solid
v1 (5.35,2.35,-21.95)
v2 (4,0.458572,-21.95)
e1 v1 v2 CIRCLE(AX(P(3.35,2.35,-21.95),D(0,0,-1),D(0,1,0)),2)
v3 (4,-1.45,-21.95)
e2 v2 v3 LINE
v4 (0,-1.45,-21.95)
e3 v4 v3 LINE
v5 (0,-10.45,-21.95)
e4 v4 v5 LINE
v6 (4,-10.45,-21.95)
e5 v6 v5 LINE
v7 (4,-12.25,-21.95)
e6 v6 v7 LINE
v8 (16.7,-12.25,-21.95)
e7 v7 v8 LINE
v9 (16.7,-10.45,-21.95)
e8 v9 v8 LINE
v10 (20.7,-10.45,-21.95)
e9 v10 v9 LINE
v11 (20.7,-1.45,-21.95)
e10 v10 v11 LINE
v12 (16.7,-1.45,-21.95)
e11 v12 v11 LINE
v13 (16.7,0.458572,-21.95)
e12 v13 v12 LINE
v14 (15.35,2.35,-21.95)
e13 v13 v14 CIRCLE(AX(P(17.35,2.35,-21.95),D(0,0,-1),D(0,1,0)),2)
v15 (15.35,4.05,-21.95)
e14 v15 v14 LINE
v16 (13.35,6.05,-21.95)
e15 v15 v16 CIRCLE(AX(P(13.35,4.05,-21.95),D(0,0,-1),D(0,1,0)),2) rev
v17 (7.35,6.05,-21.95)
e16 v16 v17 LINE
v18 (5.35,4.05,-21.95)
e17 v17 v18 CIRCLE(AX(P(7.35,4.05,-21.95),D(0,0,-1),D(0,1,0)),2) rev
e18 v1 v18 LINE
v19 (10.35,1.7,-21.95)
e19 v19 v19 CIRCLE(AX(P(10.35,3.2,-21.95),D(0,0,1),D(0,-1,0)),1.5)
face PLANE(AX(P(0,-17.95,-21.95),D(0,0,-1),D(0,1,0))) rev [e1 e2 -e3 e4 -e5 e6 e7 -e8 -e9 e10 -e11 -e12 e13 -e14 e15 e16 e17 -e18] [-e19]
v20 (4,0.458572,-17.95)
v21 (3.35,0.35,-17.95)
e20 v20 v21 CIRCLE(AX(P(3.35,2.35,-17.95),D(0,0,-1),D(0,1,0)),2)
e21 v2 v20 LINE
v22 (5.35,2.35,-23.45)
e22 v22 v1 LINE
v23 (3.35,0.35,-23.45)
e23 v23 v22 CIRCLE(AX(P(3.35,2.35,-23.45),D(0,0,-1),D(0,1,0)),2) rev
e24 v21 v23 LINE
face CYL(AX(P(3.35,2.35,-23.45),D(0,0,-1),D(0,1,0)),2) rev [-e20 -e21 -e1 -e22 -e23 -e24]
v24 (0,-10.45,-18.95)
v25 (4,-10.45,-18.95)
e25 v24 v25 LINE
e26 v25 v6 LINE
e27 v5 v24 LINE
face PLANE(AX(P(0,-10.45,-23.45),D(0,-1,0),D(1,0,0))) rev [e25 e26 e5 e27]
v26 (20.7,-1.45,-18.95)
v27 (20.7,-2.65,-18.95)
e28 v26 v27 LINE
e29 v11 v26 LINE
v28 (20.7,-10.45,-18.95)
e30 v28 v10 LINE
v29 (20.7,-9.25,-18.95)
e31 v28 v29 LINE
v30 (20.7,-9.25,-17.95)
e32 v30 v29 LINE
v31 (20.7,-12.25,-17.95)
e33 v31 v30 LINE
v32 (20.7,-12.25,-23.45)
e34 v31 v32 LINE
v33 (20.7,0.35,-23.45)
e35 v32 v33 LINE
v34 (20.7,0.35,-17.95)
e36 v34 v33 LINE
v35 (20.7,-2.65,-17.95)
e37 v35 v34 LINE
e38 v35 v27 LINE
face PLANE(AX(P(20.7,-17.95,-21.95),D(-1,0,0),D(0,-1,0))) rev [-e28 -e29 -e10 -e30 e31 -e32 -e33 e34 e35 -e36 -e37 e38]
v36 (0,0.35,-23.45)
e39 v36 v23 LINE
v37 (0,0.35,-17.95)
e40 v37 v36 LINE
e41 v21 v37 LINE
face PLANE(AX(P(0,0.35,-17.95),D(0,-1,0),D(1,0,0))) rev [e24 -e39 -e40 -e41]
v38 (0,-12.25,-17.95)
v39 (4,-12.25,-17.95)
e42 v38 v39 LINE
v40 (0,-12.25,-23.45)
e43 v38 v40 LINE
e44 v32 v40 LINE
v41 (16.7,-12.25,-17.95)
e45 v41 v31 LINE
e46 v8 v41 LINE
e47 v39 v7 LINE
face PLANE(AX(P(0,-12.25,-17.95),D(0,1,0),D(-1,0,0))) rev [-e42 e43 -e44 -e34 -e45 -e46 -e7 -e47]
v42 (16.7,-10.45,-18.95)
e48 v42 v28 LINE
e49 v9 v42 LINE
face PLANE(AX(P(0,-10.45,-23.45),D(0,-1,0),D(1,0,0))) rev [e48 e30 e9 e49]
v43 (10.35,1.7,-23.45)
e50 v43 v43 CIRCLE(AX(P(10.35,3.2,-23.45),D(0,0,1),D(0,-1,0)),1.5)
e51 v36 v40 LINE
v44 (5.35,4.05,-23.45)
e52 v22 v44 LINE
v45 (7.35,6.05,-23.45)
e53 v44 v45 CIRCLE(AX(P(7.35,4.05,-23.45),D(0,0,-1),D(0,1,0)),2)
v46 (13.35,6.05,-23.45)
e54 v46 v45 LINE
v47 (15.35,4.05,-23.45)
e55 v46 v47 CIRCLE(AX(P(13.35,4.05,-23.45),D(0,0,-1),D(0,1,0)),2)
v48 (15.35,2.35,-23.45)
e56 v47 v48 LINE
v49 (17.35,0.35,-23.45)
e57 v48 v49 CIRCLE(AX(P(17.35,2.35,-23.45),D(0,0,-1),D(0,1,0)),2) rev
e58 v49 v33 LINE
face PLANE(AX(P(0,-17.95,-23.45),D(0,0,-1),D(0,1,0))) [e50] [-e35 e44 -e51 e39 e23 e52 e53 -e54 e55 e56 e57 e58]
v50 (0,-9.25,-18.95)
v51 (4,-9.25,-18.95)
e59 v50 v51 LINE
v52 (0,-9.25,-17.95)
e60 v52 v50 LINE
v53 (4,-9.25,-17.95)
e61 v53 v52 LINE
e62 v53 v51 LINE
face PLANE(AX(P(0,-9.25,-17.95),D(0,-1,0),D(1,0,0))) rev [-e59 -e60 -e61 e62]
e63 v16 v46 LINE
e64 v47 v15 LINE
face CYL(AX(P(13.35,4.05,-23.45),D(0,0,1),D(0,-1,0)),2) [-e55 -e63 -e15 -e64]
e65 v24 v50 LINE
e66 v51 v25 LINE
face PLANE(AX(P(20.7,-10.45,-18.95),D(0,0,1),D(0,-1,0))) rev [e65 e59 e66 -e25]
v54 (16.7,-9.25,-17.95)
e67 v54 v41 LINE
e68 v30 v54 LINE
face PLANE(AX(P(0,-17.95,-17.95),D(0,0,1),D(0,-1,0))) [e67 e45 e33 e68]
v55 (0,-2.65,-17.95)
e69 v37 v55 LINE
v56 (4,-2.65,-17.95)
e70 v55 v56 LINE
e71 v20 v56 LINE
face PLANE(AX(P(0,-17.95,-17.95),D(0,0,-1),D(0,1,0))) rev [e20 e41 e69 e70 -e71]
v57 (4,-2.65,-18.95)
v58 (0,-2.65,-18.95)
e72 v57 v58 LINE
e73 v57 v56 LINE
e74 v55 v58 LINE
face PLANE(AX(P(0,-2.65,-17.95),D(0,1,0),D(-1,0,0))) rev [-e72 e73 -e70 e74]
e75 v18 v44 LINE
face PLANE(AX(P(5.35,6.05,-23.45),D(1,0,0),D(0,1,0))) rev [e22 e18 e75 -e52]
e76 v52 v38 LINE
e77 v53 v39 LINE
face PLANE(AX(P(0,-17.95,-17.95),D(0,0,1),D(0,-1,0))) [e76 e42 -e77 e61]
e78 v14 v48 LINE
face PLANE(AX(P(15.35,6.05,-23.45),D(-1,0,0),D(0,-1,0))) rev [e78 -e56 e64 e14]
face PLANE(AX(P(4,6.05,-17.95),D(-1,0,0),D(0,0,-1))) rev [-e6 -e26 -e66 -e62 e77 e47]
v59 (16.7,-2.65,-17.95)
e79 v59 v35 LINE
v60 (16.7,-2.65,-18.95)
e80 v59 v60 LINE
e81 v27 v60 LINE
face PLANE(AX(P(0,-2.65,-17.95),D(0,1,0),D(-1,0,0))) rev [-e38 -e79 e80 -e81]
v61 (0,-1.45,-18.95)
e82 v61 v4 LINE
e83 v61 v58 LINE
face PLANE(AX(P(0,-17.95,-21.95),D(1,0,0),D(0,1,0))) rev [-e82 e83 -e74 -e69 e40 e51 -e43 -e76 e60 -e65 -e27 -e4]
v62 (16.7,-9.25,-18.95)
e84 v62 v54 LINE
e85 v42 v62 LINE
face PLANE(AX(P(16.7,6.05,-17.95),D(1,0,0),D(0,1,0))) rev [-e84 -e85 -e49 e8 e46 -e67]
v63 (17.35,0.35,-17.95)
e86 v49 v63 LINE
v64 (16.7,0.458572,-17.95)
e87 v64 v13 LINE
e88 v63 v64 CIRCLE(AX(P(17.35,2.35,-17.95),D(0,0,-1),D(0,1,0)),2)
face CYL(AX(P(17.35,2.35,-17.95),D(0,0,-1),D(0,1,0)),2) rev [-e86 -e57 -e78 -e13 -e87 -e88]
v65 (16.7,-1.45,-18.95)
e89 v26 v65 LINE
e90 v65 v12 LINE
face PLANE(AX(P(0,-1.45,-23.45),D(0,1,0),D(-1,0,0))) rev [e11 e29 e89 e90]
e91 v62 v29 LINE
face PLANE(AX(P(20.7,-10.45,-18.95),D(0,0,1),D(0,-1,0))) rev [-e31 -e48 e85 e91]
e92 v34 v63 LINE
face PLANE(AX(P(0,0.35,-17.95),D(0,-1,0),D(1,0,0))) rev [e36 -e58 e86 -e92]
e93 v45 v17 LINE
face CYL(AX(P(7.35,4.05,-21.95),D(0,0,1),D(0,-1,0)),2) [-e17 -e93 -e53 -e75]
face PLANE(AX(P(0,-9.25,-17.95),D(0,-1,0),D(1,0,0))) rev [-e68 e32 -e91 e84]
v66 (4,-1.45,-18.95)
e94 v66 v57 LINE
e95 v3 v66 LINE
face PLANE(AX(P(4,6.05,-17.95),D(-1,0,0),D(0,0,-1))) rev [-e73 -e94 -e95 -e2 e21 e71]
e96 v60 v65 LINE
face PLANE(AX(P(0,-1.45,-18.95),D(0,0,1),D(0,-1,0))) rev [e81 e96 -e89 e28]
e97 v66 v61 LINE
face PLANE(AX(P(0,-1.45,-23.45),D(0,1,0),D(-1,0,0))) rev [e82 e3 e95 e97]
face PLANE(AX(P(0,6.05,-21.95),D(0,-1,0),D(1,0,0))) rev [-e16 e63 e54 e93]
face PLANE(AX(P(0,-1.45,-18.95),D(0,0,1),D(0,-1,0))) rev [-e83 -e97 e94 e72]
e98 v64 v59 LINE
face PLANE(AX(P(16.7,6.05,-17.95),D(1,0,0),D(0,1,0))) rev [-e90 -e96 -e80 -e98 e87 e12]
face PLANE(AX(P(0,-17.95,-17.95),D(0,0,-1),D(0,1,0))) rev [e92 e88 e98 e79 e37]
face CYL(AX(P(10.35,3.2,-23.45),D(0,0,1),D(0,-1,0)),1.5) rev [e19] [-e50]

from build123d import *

# Parameters (mm, degrees)
SKETCH1_W             = 20.7
SKETCH1_H             = 24
BOSS_EXTRUDE1_DEPTH   = 1.5
SKETCH2_W             = 20.7
SKETCH2_H             = 3
BOSS_EXTRUDE2_DEPTH   = 4
SKETCH3_W             = 20.7
SKETCH3_H             = 3
CUT_EXTRUDE1_DEPTH    = 1.2
SKETCH4_W             = 20.7
SKETCH4_H             = 3
CUT_EXTRUDE2_DEPTH    = 1.2
SKETCH5_R             = 1.5
CUT_EXTRUDE3_DEPTH    = 32.945109172
SKETCH7_W             = 20.7
SKETCH7_H             = 5.7
CUT_EXTRUDE4_DEPTH    = 33.167374776
SKETCH8_W             = 12.7
SKETCH8_H             = 4
CUT_EXTRUDE5_DEPTH    = 29.171439438
SKETCH9_W             = 5.35
SKETCH9_H             = 5.7
CUT_EXTRUDE6_DEPTH    = 32.945109172
FILLET1_R             = 2
BODY_MOVE_COPY1_ANGLE = 90


with BuildPart() as part:
    # Sketch1 → Boss-Extrude1 (new body)
    with BuildSketch(Plane(origin=(0, 0, 0), x_dir=(1, 0, 0), z_dir=(0, 1, 0))):
        with Locations((10.35, 12)):
            Rectangle(SKETCH1_W, SKETCH1_H)
    extrude(amount=BOSS_EXTRUDE1_DEPTH)

    # Sketch2 → Boss-Extrude2 (add)
    with BuildSketch(Plane(origin=(0, 1.5, 0), x_dir=(1, 0, 0), z_dir=(0, 1, 0))):
        with Locations((10.35, 16.8)):
            Rectangle(SKETCH2_W, SKETCH2_H)
        with Locations((10.35, 7.2)):
            Rectangle(SKETCH2_W, SKETCH2_H)
    extrude(amount=BOSS_EXTRUDE2_DEPTH)

    # Sketch3 → Cut-Extrude1 (cut)
    with BuildSketch(Plane.XY.offset(-15.3)):
        with Locations((10.35, 3)):
            Rectangle(SKETCH3_W, SKETCH3_H)
    extrude(amount=-CUT_EXTRUDE1_DEPTH, mode=Mode.SUBTRACT)

    # Sketch4 → Cut-Extrude2 (cut)
    with BuildSketch(Plane(origin=(0, 0, -8.7), x_dir=(-1, 0, 0), z_dir=(0, 0, -1))):
        with Locations((-10.35, 3)):
            Rectangle(SKETCH4_W, SKETCH4_H)
    extrude(amount=-CUT_EXTRUDE2_DEPTH, mode=Mode.SUBTRACT)

    # Sketch5 → Cut-Extrude3 (cut, through all)
    with BuildSketch(Plane(origin=(0, 1.5, 0), x_dir=(1, 0, 0), z_dir=(0, 1, 0))):
        with Locations(Location((10.35, 21.15, 0), (0, 0, 270))):
            Circle(SKETCH5_R)
        with Locations(Location((10.35, 2.85, 0), (0, 0, 270))):
            Circle(SKETCH5_R)
    extrude(amount=-CUT_EXTRUDE3_DEPTH, mode=Mode.SUBTRACT)

    # Sketch7 → Cut-Extrude4 (cut, through all)
    with BuildSketch(Plane(origin=(0, 0, 0), x_dir=(1, 0, 0), z_dir=(0, 1, 0))):
        with Locations((10.35, 2.85)):
            Rectangle(SKETCH7_W, SKETCH7_H)
    extrude(amount=CUT_EXTRUDE4_DEPTH, mode=Mode.SUBTRACT)

    # Sketch8 → Cut-Extrude5 (cut, through all)
    with BuildSketch(Plane.XY.offset(-5.7)):
        with Locations((10.35, 3.5)):
            Rectangle(SKETCH8_W, SKETCH8_H)
    extrude(amount=-CUT_EXTRUDE5_DEPTH, mode=Mode.SUBTRACT)

    # Sketch9 → Cut-Extrude6 (cut, through all)
    with BuildSketch(Plane(origin=(0, 1.5, 0), x_dir=(1, 0, 0), z_dir=(0, 1, 0))):
        with Locations((2.675, 21.15)):
            Rectangle(SKETCH9_W, SKETCH9_H)
        with Locations((18.025, 21.15)):
            Rectangle(SKETCH9_W, SKETCH9_H)
    extrude(amount=-CUT_EXTRUDE6_DEPTH, mode=Mode.SUBTRACT)

    # Fillet1
    fillet1_edges = [part.edges().sort_by_distance(p)[0] for p in [
        (5.35, 0.75, -18.3),
        (5.35, 0.75, -24),
        (15.35, 0.75, -24),
        (15.35, 0.75, -18.3),
    ]]
    fillet(fillet1_edges, radius=FILLET1_R)


with BuildPart() as part_1:
    # Body-Move/Copy1: moved
    add(part.part.rotate(Axis((0, 2.75, -20.7), (1, 0, 0)), BODY_MOVE_COPY1_ANGLE))


solid = part_1.part
